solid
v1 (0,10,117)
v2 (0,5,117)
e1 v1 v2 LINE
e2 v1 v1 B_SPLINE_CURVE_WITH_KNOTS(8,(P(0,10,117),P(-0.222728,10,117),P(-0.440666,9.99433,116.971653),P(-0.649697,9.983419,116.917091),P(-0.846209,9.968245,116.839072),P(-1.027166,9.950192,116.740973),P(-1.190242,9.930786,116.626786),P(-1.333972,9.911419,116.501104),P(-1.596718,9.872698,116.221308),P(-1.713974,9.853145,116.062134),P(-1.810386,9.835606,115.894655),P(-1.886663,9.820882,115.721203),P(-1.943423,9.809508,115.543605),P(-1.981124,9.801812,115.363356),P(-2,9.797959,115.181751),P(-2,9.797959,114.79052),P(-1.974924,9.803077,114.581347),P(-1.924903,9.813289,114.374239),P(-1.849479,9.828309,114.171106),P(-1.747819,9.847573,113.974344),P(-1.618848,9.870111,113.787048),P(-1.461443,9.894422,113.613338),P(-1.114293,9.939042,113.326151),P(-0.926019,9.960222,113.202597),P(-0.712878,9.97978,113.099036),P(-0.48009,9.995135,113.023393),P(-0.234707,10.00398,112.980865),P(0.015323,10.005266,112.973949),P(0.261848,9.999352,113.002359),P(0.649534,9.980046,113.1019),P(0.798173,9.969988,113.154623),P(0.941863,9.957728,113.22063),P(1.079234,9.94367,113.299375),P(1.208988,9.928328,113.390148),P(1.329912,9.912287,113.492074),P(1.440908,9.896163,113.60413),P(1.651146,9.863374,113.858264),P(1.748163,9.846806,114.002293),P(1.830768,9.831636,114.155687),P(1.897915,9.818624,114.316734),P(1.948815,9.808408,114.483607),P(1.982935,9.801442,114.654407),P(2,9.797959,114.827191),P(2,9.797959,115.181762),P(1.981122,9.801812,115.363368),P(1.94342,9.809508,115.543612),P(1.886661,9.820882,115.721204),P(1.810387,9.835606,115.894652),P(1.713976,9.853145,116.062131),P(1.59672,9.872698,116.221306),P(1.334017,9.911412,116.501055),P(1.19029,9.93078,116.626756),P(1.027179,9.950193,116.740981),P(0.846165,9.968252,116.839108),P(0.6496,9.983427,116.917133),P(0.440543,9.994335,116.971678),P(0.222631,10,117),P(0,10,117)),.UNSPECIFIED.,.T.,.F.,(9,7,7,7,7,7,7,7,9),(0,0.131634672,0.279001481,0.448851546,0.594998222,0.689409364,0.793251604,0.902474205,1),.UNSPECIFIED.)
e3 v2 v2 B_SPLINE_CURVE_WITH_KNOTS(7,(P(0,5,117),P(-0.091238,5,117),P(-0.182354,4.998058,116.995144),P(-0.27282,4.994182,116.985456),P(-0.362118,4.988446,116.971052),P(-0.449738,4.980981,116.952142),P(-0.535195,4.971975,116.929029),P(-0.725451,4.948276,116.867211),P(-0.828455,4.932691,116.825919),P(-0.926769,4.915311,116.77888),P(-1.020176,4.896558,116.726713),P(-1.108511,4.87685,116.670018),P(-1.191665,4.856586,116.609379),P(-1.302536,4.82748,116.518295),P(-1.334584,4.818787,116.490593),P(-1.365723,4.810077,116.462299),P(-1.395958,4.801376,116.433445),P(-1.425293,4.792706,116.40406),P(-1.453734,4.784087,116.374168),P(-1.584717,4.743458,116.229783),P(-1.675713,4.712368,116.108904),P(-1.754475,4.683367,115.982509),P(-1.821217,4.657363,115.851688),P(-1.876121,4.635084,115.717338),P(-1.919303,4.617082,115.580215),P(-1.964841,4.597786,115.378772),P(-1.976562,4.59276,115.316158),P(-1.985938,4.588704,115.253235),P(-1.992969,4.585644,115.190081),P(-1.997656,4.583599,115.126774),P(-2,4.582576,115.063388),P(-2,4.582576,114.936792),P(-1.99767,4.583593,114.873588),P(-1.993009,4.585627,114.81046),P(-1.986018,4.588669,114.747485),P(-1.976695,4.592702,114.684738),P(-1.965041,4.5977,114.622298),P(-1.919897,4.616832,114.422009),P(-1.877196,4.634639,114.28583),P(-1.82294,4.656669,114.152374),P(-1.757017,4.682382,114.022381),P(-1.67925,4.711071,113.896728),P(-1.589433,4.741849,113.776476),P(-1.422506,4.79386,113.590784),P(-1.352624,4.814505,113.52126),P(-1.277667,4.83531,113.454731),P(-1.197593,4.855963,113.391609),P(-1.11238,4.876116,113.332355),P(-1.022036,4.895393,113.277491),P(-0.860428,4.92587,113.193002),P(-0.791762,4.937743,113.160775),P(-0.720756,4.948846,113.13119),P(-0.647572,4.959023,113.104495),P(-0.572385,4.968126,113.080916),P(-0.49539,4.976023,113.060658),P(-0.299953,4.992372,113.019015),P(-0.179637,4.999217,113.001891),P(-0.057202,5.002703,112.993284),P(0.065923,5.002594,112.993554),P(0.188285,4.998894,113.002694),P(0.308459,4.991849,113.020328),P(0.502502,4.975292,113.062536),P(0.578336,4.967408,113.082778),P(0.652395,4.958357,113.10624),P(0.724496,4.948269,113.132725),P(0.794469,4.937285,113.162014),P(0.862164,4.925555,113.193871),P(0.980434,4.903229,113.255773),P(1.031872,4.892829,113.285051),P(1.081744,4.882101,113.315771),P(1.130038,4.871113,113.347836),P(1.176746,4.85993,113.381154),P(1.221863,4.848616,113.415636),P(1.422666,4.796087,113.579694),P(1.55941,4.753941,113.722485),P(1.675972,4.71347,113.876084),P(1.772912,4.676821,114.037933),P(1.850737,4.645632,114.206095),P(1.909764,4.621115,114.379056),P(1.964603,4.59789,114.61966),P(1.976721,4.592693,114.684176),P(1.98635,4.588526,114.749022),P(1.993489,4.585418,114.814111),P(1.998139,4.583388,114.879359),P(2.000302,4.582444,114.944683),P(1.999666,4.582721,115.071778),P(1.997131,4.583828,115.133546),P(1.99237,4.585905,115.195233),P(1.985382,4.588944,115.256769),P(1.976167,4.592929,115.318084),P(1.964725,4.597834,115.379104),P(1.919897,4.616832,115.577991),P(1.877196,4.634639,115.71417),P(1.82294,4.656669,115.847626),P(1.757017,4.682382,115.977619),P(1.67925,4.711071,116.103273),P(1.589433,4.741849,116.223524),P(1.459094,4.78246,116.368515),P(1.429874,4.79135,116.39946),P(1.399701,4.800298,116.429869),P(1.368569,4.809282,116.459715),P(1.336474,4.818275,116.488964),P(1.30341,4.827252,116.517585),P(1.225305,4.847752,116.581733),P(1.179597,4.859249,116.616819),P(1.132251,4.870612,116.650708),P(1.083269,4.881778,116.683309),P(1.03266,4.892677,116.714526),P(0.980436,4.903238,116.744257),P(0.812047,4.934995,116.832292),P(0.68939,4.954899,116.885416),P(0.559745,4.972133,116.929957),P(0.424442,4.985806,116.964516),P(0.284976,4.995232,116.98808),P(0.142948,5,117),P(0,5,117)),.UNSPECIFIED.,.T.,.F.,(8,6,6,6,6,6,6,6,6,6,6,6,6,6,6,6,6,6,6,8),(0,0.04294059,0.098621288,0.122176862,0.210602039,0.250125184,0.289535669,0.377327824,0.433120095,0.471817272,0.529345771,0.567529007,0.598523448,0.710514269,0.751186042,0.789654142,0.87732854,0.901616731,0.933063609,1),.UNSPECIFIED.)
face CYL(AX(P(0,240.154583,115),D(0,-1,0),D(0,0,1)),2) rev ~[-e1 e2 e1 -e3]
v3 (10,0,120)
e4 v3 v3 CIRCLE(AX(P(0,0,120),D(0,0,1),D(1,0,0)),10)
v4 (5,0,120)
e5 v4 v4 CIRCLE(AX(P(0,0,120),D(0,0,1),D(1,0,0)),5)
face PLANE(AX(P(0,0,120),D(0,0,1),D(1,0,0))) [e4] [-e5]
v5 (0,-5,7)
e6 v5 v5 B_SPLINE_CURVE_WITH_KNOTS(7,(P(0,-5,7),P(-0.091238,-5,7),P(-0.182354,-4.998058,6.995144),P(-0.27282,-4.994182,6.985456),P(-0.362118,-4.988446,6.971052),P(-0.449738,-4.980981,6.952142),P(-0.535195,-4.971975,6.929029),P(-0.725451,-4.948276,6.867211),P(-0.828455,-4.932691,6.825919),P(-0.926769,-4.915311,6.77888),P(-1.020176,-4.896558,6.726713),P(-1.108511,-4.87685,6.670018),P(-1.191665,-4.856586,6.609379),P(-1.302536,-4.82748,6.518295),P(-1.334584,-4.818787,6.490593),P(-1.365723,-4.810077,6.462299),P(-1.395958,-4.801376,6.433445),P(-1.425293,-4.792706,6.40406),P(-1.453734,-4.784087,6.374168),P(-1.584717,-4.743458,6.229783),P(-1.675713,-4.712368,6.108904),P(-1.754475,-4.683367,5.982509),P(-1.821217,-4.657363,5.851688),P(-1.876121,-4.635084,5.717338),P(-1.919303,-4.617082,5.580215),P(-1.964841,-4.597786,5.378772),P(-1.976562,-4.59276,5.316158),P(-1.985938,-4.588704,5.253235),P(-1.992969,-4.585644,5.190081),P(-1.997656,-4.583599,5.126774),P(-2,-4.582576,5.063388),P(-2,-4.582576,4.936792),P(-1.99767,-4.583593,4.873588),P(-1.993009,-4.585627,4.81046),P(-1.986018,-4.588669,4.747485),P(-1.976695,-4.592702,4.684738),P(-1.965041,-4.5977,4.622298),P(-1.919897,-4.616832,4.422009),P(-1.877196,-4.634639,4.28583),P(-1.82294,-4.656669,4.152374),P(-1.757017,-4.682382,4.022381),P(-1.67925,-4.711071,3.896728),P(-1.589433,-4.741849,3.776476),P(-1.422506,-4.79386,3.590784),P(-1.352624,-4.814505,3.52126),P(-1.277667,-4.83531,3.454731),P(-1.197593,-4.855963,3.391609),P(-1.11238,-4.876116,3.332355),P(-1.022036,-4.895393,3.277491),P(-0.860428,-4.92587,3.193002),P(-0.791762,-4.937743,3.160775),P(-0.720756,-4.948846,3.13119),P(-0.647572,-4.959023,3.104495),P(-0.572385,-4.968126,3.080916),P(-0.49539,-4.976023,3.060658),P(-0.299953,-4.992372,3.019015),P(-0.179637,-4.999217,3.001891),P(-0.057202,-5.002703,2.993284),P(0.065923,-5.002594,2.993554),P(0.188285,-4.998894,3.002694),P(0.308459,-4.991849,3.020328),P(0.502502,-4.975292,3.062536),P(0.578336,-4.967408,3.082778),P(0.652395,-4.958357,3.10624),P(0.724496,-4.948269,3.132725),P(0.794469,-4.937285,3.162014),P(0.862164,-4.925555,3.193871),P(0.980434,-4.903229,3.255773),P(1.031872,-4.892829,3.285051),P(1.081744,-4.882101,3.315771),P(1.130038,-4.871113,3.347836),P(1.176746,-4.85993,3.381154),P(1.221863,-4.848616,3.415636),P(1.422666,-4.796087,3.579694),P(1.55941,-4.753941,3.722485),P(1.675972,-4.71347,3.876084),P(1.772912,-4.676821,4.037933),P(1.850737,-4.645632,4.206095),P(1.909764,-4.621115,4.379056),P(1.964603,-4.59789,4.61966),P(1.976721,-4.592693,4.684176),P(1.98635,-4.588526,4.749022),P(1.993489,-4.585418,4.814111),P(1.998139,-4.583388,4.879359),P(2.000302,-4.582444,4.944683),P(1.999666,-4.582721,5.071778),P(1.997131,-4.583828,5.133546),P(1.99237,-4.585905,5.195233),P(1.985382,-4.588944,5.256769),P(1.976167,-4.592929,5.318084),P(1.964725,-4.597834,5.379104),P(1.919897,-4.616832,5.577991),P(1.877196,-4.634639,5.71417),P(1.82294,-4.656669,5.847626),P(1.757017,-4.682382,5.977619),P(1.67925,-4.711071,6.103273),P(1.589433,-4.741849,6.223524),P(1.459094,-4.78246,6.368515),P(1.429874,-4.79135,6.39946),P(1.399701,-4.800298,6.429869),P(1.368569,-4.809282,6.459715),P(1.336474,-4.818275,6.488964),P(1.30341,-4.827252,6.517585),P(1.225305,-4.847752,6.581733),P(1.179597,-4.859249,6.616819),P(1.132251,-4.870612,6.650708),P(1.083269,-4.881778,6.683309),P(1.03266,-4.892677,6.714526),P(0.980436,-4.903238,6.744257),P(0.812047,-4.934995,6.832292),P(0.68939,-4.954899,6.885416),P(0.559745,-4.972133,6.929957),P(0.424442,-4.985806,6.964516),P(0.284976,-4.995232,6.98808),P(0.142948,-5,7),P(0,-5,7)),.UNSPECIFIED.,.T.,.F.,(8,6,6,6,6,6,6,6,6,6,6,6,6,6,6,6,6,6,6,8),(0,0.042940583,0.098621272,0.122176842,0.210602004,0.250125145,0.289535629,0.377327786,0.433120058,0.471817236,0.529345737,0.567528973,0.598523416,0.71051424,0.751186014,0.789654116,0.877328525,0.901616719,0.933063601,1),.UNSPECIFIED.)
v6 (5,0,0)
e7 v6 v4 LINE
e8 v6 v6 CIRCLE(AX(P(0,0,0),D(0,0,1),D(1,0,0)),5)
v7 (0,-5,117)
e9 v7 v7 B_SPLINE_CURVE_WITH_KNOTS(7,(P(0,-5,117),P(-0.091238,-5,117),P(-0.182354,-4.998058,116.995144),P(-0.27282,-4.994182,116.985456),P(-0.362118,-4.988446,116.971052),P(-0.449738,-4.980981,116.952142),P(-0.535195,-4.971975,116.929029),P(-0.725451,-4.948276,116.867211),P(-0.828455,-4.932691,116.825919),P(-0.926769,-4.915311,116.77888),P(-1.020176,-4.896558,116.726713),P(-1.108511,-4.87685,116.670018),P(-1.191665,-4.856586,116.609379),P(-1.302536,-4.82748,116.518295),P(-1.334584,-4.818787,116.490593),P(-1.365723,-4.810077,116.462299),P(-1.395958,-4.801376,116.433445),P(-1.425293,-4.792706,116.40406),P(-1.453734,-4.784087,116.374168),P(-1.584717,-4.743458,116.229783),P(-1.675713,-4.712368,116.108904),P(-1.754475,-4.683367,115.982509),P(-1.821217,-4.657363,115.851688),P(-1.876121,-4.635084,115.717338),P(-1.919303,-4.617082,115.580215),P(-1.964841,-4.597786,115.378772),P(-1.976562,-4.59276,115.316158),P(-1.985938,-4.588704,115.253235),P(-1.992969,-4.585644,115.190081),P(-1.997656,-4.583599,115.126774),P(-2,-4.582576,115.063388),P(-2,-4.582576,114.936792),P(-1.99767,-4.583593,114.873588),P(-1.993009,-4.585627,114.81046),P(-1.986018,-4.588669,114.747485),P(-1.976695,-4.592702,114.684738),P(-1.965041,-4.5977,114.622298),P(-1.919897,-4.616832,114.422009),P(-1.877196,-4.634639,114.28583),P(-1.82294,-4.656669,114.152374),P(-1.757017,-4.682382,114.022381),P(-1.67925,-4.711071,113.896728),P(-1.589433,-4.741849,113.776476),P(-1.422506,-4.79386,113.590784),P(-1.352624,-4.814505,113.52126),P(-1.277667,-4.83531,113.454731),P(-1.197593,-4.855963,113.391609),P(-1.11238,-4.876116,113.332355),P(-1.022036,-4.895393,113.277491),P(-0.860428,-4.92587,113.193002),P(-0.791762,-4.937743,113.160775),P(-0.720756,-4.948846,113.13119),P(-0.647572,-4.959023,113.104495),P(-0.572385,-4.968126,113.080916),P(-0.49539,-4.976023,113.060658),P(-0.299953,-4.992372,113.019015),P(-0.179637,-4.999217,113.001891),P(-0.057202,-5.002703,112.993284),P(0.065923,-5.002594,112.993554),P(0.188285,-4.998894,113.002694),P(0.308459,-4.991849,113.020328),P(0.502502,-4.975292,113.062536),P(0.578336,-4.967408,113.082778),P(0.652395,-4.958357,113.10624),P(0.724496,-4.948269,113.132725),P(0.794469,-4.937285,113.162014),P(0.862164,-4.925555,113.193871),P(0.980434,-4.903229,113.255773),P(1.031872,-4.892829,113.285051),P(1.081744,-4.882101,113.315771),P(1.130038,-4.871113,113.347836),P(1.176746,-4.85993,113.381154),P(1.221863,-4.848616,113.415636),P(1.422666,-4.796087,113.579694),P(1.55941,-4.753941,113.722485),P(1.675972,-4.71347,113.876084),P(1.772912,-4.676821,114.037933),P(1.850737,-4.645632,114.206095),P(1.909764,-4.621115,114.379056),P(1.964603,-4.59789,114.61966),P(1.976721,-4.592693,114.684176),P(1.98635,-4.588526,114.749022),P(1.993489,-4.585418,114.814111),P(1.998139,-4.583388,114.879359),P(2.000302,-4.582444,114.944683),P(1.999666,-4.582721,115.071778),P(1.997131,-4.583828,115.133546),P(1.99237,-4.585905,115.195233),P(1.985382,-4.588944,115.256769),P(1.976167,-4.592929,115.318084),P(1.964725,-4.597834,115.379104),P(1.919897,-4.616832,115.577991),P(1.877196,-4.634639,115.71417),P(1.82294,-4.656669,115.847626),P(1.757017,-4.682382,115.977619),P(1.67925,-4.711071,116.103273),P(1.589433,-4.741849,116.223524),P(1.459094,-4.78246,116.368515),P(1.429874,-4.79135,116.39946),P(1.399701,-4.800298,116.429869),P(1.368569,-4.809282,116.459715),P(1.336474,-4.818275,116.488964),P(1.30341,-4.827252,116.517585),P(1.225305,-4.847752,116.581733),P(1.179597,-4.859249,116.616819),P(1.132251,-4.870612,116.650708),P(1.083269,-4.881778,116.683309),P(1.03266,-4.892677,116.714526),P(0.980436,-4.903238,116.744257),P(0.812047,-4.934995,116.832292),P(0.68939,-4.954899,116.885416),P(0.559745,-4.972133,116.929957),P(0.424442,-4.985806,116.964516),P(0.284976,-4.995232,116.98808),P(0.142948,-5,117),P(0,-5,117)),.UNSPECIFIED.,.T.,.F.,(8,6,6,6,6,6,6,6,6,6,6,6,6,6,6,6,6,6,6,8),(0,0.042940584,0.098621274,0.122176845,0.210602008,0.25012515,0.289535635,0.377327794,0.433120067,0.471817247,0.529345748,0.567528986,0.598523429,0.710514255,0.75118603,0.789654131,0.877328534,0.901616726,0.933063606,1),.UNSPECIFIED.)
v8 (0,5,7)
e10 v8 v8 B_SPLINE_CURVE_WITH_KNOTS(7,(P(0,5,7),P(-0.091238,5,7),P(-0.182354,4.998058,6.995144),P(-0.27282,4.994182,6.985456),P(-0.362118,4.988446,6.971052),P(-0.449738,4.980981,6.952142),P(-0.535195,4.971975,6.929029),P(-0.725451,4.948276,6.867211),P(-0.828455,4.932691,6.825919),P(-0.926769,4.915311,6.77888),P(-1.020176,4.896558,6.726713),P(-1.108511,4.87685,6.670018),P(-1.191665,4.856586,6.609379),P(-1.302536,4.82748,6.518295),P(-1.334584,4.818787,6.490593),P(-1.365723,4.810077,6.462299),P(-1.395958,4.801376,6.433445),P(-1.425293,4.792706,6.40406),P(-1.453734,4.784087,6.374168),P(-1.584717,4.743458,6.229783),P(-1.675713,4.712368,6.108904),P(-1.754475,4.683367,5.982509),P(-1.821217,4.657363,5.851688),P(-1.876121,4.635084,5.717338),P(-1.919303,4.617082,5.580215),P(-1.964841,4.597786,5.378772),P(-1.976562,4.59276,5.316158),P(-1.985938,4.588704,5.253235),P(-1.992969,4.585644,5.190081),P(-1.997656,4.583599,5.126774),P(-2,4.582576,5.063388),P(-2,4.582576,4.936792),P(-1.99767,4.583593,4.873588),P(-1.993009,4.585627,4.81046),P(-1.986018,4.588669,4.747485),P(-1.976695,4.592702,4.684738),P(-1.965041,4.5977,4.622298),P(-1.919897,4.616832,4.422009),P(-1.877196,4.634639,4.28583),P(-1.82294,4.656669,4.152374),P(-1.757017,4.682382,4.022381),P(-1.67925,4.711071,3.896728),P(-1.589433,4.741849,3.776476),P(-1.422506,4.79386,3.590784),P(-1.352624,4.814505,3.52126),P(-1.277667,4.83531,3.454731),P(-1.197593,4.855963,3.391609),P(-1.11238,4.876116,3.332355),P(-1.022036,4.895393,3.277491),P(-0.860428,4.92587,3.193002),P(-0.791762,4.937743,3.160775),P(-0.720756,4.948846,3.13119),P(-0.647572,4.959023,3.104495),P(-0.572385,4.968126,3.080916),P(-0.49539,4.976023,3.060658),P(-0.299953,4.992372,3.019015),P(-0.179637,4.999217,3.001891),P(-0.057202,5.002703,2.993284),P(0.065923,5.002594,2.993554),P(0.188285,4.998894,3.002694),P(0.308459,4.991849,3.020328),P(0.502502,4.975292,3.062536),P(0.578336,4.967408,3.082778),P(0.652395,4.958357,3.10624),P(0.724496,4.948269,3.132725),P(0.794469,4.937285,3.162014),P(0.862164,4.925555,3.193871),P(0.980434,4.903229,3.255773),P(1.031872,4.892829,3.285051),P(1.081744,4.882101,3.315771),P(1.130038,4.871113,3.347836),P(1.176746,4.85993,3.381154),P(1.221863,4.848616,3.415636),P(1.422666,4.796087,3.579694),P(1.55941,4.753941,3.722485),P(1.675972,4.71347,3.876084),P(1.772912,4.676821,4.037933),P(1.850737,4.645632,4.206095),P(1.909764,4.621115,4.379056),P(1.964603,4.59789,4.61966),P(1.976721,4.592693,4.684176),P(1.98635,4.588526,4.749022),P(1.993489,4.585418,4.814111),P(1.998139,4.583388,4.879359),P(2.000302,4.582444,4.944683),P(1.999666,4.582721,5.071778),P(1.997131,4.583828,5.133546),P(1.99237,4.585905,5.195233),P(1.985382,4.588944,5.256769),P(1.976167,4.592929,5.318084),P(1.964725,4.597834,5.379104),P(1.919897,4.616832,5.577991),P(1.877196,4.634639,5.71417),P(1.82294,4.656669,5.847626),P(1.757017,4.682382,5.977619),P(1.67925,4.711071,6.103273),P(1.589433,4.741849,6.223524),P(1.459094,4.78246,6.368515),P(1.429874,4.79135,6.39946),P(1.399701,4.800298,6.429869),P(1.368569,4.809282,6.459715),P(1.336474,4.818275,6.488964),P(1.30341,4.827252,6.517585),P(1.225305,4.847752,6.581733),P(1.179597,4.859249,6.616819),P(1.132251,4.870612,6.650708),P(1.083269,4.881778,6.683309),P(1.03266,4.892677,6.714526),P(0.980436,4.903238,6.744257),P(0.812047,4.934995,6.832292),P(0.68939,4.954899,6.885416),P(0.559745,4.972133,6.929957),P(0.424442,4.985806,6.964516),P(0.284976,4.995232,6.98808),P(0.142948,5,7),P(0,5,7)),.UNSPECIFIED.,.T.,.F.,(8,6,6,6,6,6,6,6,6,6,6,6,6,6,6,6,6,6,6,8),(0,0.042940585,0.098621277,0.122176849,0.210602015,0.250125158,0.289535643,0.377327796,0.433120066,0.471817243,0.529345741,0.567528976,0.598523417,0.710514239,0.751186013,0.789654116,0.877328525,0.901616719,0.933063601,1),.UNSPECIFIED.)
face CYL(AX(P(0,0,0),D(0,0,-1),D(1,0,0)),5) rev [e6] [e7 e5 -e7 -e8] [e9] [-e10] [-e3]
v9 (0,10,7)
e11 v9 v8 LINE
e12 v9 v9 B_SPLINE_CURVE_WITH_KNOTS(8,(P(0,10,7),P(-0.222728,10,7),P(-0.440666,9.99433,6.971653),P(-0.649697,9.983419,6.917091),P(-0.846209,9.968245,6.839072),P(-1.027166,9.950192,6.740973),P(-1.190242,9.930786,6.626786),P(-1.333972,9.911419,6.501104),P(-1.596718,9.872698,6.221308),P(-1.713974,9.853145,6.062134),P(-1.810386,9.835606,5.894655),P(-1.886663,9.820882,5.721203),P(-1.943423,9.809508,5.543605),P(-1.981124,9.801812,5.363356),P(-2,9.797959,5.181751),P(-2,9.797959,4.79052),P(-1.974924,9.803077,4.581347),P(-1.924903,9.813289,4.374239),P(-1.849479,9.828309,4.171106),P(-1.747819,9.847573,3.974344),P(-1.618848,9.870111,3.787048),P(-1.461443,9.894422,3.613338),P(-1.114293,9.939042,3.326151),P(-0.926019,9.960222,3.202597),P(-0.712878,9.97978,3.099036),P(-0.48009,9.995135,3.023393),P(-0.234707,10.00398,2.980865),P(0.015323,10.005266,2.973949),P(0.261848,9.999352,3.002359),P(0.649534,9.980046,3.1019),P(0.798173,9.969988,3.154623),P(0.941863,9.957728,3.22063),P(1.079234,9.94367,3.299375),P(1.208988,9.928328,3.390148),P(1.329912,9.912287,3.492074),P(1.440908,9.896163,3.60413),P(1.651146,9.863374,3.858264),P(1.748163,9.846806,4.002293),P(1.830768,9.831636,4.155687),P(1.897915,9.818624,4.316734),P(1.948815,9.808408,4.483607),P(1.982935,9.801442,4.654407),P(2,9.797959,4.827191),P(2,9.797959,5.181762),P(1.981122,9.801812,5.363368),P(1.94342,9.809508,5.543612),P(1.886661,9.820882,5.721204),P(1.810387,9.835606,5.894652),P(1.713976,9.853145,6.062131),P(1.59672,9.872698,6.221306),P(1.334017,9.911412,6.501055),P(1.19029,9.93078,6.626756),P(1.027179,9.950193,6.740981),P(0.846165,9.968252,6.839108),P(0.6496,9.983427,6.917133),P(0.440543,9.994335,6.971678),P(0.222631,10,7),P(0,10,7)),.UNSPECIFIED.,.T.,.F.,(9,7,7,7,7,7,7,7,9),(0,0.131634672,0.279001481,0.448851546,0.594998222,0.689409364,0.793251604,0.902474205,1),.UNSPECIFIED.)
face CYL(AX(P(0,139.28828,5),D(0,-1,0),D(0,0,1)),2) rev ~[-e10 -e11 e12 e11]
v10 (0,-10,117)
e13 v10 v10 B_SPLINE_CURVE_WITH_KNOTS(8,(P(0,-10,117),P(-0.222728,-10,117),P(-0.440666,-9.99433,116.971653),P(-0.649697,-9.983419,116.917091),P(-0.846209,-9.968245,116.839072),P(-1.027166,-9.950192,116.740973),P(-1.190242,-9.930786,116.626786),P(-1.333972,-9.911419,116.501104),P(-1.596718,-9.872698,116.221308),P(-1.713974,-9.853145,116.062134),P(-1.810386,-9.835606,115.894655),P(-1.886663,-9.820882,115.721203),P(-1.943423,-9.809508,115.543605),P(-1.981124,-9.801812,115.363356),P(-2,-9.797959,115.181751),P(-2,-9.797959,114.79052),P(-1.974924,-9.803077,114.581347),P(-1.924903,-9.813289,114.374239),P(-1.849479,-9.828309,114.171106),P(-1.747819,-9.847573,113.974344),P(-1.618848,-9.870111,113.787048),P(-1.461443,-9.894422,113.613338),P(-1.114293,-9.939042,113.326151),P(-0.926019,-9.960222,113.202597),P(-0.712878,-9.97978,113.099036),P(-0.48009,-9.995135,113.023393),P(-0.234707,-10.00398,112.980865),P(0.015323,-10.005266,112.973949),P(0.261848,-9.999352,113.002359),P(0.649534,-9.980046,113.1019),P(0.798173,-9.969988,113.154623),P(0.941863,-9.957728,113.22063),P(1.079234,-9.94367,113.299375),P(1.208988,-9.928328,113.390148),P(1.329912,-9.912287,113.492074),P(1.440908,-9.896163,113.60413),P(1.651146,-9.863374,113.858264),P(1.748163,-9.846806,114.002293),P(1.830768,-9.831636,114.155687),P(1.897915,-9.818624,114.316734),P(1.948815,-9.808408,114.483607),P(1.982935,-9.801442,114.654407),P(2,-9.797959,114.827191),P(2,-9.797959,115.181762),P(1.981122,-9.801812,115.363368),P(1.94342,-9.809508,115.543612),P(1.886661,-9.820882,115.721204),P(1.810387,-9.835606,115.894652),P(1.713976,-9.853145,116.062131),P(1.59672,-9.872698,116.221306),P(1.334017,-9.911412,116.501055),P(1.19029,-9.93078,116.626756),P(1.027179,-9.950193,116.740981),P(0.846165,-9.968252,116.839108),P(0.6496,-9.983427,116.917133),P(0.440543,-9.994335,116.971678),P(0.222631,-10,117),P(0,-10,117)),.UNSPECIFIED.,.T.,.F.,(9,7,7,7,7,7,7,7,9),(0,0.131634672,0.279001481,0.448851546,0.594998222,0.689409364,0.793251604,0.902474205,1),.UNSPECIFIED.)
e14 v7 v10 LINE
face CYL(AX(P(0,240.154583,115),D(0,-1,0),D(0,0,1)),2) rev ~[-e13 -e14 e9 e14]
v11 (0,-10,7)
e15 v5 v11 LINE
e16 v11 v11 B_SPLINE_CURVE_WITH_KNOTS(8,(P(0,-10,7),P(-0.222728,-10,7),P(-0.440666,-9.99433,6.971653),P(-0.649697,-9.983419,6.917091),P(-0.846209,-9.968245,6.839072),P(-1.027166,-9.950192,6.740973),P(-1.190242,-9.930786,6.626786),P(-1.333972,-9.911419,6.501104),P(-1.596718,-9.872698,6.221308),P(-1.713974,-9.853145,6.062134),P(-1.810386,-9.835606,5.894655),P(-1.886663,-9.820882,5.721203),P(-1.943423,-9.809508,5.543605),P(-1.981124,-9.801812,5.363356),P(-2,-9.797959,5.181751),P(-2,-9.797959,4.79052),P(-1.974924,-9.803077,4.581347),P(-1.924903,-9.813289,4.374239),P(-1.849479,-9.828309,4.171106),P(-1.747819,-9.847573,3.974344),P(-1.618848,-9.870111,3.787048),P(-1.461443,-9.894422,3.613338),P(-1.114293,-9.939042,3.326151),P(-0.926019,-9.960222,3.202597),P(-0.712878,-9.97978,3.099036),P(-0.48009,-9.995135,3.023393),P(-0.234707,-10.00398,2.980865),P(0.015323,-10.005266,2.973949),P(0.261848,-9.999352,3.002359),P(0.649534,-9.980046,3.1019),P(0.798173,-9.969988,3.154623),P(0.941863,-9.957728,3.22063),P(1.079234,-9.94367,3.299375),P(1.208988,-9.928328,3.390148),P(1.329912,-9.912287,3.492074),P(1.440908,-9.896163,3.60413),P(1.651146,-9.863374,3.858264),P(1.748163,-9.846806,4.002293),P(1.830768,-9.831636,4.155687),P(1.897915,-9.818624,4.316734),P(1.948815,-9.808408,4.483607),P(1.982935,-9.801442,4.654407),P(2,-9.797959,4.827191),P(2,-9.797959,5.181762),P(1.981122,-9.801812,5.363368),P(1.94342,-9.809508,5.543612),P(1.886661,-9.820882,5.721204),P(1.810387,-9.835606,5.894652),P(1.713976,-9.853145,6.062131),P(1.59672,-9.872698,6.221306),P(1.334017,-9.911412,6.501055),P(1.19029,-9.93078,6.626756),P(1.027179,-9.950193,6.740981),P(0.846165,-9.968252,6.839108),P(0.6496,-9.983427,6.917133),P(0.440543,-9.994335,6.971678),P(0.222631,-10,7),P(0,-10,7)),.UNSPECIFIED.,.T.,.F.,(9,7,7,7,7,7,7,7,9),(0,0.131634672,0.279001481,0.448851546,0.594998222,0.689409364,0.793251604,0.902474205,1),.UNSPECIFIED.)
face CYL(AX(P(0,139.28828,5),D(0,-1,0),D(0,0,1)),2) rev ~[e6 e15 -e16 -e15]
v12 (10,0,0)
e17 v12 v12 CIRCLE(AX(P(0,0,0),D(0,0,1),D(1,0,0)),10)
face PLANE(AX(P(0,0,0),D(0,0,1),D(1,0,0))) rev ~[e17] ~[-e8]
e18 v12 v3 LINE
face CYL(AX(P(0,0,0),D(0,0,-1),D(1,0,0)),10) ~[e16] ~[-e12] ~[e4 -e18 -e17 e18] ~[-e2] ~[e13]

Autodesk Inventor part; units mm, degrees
ref_plane "YZ Plane" through (0, 0, 0) normal (1, 0, 0) x (0, 1, 0)
ref_plane "XZ Plane" through (0, 0, 0) normal (0, 1, 0) x (-1, 0, 0)
ref_plane "XY Plane" through (0, 0, 0) normal (0, 0, 1) x (1, 0, 0)
sketch "Esquisse1" plane through (0, 0, 0) normal (0, 0, 1) x (1, 0, 0)
  circle A0 centre (0, 0) radius 10
  circle A1 centre (0, 0) radius 5
  dimension "d0" = 20
  dimension "d1" = 10
extrude "Extrusion1" add sketch "Esquisse1" along normal blind 120
sketch "Esquisse2" plane through (0, 0, 0) normal (0, 1, 0) x (-1, 0, 0)
  line L0 (0, 0) -> (0, 5)
  line L1 (10, 120) -> (-10, 120) projected
  line L2 (0, 120) -> (0, 115)
  dimension "d4" = 5
  dimension "d5" = 5
hole "Perçage1" at (0, 0, 5) at (0, 0, 115) direction (0, -1, 0) diameter 4 end through all both
properties part number "tubelong_rocker"
